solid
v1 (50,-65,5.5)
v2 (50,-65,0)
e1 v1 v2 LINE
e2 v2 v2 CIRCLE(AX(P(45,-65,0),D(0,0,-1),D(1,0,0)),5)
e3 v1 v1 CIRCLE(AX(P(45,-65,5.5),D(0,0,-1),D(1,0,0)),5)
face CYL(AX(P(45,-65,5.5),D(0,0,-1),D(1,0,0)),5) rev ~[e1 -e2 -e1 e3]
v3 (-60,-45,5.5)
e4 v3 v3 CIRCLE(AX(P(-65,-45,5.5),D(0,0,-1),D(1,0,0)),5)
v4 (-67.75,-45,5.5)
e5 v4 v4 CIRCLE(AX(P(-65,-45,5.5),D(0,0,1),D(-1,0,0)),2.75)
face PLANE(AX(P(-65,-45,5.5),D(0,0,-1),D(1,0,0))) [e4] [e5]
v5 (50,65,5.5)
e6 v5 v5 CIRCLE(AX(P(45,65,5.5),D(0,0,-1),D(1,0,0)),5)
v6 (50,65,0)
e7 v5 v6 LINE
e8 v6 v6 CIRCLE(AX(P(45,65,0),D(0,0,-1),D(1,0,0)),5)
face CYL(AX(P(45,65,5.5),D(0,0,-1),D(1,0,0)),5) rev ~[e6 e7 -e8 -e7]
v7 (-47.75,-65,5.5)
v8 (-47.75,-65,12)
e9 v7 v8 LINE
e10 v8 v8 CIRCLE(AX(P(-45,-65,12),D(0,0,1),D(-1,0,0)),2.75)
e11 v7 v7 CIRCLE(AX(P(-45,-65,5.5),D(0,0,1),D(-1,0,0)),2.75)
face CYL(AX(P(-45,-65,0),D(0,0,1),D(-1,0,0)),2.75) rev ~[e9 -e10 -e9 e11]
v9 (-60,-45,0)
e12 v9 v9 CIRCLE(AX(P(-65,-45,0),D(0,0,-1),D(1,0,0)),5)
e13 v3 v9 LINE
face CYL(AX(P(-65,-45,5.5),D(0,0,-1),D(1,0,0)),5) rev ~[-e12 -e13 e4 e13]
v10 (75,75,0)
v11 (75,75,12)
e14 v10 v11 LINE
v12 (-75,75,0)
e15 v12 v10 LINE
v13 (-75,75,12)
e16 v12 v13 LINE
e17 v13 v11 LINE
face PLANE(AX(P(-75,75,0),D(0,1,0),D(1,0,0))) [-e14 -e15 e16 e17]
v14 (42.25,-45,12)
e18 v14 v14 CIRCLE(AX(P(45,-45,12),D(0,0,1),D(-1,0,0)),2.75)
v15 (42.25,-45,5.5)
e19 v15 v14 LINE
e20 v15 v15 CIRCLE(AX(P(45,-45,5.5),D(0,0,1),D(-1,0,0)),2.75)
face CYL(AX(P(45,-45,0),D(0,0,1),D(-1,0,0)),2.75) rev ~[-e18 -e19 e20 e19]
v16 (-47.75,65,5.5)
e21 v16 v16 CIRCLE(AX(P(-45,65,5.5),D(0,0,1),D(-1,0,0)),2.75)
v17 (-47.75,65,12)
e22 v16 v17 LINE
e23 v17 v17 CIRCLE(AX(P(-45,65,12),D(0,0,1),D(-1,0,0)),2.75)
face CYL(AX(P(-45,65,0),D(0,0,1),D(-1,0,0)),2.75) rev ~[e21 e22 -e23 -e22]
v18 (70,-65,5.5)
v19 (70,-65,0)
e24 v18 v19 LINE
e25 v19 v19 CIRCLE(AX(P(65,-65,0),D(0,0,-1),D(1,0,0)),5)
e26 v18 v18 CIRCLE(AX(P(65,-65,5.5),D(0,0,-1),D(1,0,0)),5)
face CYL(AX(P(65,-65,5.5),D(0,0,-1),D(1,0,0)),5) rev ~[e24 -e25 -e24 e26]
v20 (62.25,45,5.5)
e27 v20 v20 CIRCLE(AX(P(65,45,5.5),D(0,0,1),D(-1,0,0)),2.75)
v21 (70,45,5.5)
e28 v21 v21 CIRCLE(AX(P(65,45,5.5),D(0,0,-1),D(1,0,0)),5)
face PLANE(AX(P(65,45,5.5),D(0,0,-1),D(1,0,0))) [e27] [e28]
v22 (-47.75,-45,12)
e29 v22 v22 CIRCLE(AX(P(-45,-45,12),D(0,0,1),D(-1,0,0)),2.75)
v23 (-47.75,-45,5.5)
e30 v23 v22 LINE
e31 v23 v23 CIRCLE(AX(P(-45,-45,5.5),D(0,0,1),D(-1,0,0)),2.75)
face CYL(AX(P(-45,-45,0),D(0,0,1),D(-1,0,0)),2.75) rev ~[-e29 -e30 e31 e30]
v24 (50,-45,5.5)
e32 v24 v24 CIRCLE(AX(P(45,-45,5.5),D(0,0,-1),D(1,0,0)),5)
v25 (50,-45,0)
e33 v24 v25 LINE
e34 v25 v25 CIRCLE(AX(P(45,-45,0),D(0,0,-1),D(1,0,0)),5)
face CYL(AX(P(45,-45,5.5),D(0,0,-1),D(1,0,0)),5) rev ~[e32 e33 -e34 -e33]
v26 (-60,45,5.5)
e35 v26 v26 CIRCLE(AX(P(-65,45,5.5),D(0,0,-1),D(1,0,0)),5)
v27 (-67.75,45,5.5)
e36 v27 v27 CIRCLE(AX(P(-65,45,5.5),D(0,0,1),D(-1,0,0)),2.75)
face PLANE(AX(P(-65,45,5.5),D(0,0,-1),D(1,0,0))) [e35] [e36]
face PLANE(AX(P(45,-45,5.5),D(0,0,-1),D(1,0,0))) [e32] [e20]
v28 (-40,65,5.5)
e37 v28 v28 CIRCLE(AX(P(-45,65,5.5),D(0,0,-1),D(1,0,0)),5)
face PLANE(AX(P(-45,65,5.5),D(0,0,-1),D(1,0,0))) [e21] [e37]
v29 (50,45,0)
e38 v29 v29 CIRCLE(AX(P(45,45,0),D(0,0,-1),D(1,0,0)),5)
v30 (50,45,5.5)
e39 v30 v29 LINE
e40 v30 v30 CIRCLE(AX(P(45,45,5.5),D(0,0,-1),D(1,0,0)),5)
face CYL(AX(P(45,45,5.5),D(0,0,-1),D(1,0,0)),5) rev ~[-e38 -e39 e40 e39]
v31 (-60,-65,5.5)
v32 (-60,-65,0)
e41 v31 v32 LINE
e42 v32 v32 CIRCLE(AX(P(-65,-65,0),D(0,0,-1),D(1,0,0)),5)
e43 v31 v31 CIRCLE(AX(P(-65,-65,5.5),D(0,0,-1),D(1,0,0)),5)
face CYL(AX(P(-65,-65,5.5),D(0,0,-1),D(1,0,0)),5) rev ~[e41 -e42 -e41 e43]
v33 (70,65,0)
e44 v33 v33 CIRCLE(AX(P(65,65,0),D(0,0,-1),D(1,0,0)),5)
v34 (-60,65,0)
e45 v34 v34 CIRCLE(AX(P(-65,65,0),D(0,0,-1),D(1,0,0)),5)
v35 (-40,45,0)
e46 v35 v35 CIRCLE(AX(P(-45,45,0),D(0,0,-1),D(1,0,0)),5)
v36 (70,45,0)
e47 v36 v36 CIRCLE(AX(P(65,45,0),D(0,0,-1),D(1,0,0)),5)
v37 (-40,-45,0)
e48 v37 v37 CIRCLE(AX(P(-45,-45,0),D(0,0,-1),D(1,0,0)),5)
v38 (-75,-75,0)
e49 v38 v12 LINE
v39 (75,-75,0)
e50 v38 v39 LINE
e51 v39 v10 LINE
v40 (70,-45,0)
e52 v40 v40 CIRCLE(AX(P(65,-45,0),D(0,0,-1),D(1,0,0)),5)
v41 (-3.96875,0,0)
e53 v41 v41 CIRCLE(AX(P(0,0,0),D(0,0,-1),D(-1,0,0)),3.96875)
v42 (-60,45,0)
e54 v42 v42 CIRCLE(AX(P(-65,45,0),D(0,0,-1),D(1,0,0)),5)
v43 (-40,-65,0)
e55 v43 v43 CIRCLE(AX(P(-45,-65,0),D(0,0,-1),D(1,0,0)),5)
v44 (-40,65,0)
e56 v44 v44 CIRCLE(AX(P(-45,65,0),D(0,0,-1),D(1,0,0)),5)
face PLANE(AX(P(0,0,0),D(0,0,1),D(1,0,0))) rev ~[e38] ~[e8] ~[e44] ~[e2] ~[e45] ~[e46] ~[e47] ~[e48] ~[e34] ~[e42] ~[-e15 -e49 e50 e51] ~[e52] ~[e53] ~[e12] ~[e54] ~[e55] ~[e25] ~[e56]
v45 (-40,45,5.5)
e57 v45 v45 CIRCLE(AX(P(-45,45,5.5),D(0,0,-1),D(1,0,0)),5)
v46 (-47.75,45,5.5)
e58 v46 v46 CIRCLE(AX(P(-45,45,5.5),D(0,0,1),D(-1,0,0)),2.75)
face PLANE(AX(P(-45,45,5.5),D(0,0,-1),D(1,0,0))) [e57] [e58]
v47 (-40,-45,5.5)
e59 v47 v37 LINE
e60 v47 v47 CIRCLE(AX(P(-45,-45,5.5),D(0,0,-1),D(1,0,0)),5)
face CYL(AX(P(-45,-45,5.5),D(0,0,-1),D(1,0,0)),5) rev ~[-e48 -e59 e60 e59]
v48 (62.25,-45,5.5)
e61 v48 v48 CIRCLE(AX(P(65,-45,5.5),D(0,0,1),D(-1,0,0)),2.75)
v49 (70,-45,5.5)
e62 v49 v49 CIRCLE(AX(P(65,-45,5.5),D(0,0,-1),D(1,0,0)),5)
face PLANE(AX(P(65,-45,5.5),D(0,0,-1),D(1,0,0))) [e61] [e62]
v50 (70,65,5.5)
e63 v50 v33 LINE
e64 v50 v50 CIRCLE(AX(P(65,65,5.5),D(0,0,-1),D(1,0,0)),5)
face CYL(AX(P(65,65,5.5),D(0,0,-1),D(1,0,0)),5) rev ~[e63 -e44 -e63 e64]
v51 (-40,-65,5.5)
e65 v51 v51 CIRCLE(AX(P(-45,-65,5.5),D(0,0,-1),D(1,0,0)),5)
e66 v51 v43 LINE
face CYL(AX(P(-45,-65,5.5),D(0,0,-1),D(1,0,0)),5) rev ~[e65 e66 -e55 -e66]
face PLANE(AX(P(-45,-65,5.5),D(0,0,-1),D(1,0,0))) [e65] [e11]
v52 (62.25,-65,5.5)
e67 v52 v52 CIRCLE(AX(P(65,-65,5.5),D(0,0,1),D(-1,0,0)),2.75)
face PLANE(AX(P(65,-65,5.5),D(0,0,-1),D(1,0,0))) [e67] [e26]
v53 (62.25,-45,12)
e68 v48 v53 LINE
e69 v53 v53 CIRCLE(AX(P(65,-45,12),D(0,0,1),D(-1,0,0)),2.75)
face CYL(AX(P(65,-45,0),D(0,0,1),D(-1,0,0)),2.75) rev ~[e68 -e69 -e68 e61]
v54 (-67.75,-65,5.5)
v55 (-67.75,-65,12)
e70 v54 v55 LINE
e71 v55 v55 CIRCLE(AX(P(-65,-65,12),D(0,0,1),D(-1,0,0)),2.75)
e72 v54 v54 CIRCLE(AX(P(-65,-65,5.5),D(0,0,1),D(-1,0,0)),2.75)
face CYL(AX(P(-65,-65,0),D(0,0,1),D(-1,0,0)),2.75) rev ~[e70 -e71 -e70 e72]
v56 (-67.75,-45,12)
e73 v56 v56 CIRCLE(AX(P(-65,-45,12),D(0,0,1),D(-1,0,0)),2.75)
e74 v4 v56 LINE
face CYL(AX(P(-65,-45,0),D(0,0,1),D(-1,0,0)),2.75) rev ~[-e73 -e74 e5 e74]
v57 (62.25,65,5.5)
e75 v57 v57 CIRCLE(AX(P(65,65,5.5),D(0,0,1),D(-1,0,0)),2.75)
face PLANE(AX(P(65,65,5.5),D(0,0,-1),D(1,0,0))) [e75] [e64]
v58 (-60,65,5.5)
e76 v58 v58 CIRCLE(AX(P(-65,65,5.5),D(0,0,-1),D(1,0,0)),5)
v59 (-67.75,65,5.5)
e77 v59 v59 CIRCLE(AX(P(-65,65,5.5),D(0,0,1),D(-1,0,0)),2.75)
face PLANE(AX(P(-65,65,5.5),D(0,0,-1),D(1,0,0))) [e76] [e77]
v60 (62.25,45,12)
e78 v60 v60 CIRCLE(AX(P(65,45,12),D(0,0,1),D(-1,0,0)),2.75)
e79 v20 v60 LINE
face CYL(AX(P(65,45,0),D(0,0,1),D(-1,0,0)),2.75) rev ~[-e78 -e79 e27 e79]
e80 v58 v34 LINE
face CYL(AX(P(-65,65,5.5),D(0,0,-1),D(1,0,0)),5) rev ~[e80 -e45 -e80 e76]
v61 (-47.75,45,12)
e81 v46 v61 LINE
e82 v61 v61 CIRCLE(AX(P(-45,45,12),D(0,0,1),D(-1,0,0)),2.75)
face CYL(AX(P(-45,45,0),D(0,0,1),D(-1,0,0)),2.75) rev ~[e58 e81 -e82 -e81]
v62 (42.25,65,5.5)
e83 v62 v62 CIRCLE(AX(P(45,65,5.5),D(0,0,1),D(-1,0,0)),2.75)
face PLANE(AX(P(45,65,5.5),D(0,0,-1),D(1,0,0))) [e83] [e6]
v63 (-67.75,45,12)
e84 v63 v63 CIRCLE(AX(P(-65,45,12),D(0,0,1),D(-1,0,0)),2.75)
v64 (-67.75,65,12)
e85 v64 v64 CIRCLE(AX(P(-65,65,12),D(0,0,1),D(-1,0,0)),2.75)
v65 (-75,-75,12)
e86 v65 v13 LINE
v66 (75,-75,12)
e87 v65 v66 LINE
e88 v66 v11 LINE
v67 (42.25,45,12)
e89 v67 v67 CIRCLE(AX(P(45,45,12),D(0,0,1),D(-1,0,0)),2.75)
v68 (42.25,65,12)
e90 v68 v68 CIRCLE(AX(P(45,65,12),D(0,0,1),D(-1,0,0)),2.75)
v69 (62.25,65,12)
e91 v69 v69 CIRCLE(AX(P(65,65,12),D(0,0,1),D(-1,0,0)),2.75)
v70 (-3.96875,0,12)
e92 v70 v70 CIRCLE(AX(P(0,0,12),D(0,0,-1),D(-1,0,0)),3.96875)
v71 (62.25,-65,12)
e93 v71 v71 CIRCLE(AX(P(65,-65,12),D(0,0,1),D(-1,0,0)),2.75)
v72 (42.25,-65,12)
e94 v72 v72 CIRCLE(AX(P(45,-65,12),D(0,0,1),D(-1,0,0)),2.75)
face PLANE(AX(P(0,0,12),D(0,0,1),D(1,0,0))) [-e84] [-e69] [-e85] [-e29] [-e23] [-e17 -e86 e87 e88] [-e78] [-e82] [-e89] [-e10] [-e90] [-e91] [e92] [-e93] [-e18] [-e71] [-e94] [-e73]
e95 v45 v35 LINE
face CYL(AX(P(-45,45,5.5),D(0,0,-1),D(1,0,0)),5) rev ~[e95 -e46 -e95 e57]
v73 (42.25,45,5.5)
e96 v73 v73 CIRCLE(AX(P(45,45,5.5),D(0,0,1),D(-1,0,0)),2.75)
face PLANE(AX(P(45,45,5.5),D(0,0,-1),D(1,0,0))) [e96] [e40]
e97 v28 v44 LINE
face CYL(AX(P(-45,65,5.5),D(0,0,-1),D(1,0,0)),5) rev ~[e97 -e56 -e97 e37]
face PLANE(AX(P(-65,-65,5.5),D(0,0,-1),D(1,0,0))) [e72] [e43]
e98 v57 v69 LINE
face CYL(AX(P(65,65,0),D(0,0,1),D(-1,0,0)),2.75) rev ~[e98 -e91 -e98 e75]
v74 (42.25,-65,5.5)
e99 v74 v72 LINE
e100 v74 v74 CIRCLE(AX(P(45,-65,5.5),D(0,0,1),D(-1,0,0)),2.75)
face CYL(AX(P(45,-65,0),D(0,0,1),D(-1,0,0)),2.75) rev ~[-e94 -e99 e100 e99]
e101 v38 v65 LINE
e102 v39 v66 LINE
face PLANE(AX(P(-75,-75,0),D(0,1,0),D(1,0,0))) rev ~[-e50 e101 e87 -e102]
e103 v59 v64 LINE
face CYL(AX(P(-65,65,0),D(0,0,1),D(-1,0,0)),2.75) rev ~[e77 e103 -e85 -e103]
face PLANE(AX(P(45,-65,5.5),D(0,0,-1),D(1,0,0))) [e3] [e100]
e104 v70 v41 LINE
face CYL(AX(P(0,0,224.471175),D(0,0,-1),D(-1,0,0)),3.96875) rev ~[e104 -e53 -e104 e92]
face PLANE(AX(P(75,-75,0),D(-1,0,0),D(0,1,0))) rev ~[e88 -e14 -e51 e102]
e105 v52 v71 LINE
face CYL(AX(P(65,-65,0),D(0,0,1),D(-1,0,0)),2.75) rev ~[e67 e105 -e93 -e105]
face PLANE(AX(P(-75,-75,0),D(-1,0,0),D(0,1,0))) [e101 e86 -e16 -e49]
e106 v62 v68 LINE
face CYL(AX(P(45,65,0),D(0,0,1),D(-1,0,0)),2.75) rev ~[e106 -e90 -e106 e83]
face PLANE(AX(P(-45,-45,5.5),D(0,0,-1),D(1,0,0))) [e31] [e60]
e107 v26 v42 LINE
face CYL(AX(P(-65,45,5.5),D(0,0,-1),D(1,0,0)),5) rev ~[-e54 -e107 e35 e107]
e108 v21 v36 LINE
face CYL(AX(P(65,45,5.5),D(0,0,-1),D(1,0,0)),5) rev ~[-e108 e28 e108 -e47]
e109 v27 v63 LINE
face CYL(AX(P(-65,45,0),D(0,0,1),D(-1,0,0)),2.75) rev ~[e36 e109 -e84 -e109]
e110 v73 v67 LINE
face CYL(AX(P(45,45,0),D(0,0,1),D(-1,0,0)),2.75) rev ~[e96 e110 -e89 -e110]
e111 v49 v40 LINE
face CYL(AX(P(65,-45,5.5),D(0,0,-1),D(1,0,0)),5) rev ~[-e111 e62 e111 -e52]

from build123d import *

# Parameters (mm, degrees)
SKETCH1_W                                           = 150
SKETCH1_H                                           = 150
BOSS_EXTRUDE1_DEPTH                                 = 12
F_3_8_16_TAPPED_HOLE1_D                             = 7.9375
CBORE_FOR_M5_HEX_SOCKET_HEAD_CAP_SCREW1_D           = 5.5
CBORE_FOR_M5_HEX_SOCKET_HEAD_CAP_SCREW1_CBORE_D     = 10
CBORE_FOR_M5_HEX_SOCKET_HEAD_CAP_SCREW1_CBORE_DEPTH = 5.5


with BuildPart() as part:
    # Sketch1 → Boss-Extrude1 (new body)
    with BuildSketch(Plane.XY):
        Rectangle(SKETCH1_W, SKETCH1_H)
    extrude(amount=BOSS_EXTRUDE1_DEPTH)

    # 3/8-16 Tapped Hole1 (through all)
    with Locations(Plane.XY.offset(12)):
        with Locations((0, 0)):
            Hole(F_3_8_16_TAPPED_HOLE1_D / 2)

    # CBORE for M5 Hex Socket Head Cap Screw1 (through all)
    with Locations(Plane(origin=(0, 0, 0), x_dir=(1, 0, 0), z_dir=(0, 0, -1))):
        with Locations((-65, -65), (-45, -65), (-65, -45), (-65, 45), (-45, 65), (-65, 65), (65, 45), (65, 65), (45, 65), (45, -65), (65, -65), (65, -45), (-45, -45), (45, -45), (45, 45), (-45, 45)):
            CounterBoreHole(CBORE_FOR_M5_HEX_SOCKET_HEAD_CAP_SCREW1_D / 2, CBORE_FOR_M5_HEX_SOCKET_HEAD_CAP_SCREW1_CBORE_D / 2, CBORE_FOR_M5_HEX_SOCKET_HEAD_CAP_SCREW1_CBORE_DEPTH)


solid = part.part
